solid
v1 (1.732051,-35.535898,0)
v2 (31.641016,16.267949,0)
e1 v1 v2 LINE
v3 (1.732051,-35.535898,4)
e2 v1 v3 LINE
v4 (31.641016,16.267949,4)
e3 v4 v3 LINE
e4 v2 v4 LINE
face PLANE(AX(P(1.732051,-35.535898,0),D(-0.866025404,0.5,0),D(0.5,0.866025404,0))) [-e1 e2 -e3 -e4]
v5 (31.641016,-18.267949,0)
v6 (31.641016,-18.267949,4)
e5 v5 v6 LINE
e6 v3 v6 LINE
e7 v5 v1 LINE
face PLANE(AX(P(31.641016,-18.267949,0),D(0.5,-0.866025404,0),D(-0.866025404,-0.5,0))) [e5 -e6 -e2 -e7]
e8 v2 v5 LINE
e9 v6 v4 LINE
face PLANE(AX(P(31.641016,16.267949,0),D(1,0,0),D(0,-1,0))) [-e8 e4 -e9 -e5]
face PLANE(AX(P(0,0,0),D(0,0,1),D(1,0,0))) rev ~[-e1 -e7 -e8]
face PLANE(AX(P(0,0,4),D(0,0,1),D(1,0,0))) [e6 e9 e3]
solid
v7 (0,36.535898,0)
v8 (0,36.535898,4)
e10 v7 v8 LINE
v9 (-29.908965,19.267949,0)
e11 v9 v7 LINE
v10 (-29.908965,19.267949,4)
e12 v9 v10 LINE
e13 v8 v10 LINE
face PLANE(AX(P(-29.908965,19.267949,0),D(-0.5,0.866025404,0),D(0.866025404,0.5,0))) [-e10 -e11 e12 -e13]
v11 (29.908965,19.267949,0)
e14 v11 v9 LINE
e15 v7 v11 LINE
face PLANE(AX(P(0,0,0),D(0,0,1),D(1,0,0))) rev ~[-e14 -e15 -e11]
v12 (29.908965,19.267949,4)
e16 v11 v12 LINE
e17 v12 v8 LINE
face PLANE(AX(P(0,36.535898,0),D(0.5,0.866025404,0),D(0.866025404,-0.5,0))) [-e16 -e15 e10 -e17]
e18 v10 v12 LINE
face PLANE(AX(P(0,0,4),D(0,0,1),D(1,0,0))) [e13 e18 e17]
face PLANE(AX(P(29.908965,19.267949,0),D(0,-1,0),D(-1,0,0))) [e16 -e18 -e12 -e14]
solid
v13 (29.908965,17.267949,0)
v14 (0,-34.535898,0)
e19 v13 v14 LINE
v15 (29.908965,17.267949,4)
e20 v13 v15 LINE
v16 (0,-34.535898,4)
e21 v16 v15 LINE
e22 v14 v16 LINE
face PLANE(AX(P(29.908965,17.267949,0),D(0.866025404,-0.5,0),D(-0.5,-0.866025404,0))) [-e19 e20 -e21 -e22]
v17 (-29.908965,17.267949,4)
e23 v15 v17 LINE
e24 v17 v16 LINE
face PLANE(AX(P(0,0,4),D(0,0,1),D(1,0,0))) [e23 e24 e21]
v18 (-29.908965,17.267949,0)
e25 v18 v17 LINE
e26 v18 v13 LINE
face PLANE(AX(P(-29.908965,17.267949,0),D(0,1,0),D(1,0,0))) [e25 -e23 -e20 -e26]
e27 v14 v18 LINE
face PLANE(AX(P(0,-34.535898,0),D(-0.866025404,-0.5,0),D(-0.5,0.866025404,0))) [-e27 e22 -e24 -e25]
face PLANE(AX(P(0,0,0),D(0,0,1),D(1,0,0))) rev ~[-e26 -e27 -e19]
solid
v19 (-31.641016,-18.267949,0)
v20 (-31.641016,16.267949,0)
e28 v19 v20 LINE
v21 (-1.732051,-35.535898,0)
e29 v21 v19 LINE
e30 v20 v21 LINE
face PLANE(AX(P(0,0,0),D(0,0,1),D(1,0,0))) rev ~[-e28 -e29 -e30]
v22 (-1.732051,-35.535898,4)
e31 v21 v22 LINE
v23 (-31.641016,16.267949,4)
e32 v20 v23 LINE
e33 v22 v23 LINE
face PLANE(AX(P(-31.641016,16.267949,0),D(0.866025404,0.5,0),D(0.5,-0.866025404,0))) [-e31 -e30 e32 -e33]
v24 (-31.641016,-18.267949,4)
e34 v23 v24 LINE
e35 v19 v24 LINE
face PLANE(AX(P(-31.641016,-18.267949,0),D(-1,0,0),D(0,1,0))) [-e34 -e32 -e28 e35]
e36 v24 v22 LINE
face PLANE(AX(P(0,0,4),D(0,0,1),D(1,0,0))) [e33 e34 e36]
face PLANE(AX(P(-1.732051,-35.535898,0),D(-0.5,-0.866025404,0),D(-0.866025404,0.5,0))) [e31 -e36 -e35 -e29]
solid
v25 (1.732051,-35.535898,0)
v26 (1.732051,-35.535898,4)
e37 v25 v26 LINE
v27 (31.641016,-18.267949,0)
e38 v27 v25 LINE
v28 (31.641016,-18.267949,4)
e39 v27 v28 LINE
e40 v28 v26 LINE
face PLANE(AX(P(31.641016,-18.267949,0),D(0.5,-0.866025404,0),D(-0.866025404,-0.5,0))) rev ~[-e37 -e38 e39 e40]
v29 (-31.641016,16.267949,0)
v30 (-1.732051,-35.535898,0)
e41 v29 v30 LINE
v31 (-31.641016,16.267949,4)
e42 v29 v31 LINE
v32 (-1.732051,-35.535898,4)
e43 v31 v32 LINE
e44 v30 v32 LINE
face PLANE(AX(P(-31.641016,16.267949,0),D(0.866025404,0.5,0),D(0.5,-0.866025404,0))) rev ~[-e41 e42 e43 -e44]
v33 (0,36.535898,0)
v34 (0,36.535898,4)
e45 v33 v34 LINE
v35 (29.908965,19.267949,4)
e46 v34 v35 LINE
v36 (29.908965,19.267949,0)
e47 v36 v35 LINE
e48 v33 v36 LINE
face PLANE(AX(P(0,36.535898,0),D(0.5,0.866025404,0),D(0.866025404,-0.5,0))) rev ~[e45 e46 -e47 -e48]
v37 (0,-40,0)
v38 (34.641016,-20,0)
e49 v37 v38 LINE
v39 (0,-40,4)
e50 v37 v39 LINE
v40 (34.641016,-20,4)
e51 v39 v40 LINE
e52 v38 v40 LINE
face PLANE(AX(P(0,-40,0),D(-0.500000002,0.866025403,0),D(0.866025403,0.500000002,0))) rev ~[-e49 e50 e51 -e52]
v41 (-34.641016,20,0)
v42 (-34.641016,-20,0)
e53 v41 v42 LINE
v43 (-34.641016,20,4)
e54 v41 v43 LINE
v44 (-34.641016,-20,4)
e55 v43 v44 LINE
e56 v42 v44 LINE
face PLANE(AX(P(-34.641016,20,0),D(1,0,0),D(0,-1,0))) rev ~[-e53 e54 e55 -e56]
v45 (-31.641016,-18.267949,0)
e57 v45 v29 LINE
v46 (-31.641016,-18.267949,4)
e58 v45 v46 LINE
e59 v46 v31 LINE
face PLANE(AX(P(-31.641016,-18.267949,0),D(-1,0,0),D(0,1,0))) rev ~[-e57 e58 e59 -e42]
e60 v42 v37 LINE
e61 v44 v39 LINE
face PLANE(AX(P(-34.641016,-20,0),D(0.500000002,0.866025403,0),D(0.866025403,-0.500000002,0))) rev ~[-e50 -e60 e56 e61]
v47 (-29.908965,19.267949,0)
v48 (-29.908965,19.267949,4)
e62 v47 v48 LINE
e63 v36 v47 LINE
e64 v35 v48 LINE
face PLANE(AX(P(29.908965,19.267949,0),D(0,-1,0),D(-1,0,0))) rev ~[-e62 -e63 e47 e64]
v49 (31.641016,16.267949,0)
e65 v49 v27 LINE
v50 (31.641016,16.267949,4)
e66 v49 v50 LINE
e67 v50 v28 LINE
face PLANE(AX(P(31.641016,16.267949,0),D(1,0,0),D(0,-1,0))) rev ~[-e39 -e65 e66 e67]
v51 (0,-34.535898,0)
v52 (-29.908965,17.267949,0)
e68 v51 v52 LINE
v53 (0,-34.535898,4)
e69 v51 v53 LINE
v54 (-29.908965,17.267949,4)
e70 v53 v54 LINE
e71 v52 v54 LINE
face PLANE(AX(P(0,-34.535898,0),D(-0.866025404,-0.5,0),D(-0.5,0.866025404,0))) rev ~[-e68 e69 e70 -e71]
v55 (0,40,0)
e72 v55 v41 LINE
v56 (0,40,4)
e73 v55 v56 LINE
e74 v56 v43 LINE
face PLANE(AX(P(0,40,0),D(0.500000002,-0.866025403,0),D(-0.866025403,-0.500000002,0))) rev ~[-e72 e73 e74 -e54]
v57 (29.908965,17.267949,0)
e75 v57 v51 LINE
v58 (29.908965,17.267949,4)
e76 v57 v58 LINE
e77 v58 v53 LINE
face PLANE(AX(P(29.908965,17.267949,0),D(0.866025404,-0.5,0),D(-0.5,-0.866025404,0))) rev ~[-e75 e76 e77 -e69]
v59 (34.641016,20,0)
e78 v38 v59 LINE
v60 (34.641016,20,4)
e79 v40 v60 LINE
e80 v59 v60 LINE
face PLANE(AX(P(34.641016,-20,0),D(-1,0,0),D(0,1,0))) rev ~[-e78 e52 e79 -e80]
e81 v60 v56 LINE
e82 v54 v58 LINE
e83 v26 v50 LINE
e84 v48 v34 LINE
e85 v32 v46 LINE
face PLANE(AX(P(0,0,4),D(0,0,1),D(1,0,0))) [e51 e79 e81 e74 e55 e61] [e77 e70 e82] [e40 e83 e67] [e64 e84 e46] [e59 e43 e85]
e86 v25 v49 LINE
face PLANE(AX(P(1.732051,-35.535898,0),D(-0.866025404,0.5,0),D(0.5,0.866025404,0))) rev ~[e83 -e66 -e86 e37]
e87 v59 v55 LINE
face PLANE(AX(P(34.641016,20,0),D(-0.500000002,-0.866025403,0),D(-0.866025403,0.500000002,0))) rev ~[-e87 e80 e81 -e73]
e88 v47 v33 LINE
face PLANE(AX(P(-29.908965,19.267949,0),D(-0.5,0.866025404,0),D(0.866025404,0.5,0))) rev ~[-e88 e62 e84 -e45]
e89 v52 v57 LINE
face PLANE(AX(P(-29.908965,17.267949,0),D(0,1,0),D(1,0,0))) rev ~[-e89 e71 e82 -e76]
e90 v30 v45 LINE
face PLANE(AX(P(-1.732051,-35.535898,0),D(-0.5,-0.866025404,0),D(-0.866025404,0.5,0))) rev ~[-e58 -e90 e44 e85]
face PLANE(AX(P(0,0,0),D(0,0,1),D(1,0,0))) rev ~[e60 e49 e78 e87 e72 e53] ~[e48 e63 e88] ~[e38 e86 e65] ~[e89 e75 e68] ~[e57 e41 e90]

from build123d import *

# Parameters (mm, degrees)
F1_DEPTH = 4
F3_DEPTH = 4.001
F4_DEPTH = 4


with BuildPart() as f1:
    # F0 (on Top) → F1 (new body)
    with BuildSketch(Plane.XY):
        Polygon((34.641016, -20), (34.641016, 20), (0, 40), (-34.641016, 20), (-34.641016, -20), (0, -40), align=None)
    extrude(amount=F1_DEPTH)

    # F2 (on Top) → F3 (cut, through all)
    with BuildSketch(Plane.XY):
        Polygon((-34.641016, -20), (0, -40), (34.641016, -20), (34.641016, 20), (0, 40), (-34.641016, 20), align=None)
        Polygon((-1.732051, -35.535898), (-31.641016, -18.267949), (-31.641016, 16.267949), align=None, mode=Mode.SUBTRACT)
        Polygon((0, -34.535898), (-29.908965, 17.267949), (29.908965, 17.267949), align=None, mode=Mode.SUBTRACT)
        Polygon((31.641016, 16.267949), (31.641016, -18.267949), (1.732051, -35.535898), align=None, mode=Mode.SUBTRACT)
        Polygon((29.908965, 19.267949), (-29.908965, 19.267949), (0, 36.535898), align=None, mode=Mode.SUBTRACT)
    extrude(amount=F3_DEPTH, mode=Mode.SUBTRACT)


with BuildPart() as f4:
    # F2 (on Top) → F4 (new body)
    with BuildSketch(Plane.XY):
        Polygon((-34.641016, -20), (0, -40), (34.641016, -20), (34.641016, 20), (0, 40), (-34.641016, 20), align=None)
        Polygon((-1.732051, -35.535898), (-31.641016, -18.267949), (-31.641016, 16.267949), align=None, mode=Mode.SUBTRACT)
        Polygon((0, -34.535898), (-29.908965, 17.267949), (29.908965, 17.267949), align=None, mode=Mode.SUBTRACT)
        Polygon((31.641016, 16.267949), (31.641016, -18.267949), (1.732051, -35.535898), align=None, mode=Mode.SUBTRACT)
        Polygon((29.908965, 19.267949), (-29.908965, 19.267949), (0, 36.535898), align=None, mode=Mode.SUBTRACT)
    extrude(amount=F4_DEPTH)


solid = Compound([f1.part, f4.part])
